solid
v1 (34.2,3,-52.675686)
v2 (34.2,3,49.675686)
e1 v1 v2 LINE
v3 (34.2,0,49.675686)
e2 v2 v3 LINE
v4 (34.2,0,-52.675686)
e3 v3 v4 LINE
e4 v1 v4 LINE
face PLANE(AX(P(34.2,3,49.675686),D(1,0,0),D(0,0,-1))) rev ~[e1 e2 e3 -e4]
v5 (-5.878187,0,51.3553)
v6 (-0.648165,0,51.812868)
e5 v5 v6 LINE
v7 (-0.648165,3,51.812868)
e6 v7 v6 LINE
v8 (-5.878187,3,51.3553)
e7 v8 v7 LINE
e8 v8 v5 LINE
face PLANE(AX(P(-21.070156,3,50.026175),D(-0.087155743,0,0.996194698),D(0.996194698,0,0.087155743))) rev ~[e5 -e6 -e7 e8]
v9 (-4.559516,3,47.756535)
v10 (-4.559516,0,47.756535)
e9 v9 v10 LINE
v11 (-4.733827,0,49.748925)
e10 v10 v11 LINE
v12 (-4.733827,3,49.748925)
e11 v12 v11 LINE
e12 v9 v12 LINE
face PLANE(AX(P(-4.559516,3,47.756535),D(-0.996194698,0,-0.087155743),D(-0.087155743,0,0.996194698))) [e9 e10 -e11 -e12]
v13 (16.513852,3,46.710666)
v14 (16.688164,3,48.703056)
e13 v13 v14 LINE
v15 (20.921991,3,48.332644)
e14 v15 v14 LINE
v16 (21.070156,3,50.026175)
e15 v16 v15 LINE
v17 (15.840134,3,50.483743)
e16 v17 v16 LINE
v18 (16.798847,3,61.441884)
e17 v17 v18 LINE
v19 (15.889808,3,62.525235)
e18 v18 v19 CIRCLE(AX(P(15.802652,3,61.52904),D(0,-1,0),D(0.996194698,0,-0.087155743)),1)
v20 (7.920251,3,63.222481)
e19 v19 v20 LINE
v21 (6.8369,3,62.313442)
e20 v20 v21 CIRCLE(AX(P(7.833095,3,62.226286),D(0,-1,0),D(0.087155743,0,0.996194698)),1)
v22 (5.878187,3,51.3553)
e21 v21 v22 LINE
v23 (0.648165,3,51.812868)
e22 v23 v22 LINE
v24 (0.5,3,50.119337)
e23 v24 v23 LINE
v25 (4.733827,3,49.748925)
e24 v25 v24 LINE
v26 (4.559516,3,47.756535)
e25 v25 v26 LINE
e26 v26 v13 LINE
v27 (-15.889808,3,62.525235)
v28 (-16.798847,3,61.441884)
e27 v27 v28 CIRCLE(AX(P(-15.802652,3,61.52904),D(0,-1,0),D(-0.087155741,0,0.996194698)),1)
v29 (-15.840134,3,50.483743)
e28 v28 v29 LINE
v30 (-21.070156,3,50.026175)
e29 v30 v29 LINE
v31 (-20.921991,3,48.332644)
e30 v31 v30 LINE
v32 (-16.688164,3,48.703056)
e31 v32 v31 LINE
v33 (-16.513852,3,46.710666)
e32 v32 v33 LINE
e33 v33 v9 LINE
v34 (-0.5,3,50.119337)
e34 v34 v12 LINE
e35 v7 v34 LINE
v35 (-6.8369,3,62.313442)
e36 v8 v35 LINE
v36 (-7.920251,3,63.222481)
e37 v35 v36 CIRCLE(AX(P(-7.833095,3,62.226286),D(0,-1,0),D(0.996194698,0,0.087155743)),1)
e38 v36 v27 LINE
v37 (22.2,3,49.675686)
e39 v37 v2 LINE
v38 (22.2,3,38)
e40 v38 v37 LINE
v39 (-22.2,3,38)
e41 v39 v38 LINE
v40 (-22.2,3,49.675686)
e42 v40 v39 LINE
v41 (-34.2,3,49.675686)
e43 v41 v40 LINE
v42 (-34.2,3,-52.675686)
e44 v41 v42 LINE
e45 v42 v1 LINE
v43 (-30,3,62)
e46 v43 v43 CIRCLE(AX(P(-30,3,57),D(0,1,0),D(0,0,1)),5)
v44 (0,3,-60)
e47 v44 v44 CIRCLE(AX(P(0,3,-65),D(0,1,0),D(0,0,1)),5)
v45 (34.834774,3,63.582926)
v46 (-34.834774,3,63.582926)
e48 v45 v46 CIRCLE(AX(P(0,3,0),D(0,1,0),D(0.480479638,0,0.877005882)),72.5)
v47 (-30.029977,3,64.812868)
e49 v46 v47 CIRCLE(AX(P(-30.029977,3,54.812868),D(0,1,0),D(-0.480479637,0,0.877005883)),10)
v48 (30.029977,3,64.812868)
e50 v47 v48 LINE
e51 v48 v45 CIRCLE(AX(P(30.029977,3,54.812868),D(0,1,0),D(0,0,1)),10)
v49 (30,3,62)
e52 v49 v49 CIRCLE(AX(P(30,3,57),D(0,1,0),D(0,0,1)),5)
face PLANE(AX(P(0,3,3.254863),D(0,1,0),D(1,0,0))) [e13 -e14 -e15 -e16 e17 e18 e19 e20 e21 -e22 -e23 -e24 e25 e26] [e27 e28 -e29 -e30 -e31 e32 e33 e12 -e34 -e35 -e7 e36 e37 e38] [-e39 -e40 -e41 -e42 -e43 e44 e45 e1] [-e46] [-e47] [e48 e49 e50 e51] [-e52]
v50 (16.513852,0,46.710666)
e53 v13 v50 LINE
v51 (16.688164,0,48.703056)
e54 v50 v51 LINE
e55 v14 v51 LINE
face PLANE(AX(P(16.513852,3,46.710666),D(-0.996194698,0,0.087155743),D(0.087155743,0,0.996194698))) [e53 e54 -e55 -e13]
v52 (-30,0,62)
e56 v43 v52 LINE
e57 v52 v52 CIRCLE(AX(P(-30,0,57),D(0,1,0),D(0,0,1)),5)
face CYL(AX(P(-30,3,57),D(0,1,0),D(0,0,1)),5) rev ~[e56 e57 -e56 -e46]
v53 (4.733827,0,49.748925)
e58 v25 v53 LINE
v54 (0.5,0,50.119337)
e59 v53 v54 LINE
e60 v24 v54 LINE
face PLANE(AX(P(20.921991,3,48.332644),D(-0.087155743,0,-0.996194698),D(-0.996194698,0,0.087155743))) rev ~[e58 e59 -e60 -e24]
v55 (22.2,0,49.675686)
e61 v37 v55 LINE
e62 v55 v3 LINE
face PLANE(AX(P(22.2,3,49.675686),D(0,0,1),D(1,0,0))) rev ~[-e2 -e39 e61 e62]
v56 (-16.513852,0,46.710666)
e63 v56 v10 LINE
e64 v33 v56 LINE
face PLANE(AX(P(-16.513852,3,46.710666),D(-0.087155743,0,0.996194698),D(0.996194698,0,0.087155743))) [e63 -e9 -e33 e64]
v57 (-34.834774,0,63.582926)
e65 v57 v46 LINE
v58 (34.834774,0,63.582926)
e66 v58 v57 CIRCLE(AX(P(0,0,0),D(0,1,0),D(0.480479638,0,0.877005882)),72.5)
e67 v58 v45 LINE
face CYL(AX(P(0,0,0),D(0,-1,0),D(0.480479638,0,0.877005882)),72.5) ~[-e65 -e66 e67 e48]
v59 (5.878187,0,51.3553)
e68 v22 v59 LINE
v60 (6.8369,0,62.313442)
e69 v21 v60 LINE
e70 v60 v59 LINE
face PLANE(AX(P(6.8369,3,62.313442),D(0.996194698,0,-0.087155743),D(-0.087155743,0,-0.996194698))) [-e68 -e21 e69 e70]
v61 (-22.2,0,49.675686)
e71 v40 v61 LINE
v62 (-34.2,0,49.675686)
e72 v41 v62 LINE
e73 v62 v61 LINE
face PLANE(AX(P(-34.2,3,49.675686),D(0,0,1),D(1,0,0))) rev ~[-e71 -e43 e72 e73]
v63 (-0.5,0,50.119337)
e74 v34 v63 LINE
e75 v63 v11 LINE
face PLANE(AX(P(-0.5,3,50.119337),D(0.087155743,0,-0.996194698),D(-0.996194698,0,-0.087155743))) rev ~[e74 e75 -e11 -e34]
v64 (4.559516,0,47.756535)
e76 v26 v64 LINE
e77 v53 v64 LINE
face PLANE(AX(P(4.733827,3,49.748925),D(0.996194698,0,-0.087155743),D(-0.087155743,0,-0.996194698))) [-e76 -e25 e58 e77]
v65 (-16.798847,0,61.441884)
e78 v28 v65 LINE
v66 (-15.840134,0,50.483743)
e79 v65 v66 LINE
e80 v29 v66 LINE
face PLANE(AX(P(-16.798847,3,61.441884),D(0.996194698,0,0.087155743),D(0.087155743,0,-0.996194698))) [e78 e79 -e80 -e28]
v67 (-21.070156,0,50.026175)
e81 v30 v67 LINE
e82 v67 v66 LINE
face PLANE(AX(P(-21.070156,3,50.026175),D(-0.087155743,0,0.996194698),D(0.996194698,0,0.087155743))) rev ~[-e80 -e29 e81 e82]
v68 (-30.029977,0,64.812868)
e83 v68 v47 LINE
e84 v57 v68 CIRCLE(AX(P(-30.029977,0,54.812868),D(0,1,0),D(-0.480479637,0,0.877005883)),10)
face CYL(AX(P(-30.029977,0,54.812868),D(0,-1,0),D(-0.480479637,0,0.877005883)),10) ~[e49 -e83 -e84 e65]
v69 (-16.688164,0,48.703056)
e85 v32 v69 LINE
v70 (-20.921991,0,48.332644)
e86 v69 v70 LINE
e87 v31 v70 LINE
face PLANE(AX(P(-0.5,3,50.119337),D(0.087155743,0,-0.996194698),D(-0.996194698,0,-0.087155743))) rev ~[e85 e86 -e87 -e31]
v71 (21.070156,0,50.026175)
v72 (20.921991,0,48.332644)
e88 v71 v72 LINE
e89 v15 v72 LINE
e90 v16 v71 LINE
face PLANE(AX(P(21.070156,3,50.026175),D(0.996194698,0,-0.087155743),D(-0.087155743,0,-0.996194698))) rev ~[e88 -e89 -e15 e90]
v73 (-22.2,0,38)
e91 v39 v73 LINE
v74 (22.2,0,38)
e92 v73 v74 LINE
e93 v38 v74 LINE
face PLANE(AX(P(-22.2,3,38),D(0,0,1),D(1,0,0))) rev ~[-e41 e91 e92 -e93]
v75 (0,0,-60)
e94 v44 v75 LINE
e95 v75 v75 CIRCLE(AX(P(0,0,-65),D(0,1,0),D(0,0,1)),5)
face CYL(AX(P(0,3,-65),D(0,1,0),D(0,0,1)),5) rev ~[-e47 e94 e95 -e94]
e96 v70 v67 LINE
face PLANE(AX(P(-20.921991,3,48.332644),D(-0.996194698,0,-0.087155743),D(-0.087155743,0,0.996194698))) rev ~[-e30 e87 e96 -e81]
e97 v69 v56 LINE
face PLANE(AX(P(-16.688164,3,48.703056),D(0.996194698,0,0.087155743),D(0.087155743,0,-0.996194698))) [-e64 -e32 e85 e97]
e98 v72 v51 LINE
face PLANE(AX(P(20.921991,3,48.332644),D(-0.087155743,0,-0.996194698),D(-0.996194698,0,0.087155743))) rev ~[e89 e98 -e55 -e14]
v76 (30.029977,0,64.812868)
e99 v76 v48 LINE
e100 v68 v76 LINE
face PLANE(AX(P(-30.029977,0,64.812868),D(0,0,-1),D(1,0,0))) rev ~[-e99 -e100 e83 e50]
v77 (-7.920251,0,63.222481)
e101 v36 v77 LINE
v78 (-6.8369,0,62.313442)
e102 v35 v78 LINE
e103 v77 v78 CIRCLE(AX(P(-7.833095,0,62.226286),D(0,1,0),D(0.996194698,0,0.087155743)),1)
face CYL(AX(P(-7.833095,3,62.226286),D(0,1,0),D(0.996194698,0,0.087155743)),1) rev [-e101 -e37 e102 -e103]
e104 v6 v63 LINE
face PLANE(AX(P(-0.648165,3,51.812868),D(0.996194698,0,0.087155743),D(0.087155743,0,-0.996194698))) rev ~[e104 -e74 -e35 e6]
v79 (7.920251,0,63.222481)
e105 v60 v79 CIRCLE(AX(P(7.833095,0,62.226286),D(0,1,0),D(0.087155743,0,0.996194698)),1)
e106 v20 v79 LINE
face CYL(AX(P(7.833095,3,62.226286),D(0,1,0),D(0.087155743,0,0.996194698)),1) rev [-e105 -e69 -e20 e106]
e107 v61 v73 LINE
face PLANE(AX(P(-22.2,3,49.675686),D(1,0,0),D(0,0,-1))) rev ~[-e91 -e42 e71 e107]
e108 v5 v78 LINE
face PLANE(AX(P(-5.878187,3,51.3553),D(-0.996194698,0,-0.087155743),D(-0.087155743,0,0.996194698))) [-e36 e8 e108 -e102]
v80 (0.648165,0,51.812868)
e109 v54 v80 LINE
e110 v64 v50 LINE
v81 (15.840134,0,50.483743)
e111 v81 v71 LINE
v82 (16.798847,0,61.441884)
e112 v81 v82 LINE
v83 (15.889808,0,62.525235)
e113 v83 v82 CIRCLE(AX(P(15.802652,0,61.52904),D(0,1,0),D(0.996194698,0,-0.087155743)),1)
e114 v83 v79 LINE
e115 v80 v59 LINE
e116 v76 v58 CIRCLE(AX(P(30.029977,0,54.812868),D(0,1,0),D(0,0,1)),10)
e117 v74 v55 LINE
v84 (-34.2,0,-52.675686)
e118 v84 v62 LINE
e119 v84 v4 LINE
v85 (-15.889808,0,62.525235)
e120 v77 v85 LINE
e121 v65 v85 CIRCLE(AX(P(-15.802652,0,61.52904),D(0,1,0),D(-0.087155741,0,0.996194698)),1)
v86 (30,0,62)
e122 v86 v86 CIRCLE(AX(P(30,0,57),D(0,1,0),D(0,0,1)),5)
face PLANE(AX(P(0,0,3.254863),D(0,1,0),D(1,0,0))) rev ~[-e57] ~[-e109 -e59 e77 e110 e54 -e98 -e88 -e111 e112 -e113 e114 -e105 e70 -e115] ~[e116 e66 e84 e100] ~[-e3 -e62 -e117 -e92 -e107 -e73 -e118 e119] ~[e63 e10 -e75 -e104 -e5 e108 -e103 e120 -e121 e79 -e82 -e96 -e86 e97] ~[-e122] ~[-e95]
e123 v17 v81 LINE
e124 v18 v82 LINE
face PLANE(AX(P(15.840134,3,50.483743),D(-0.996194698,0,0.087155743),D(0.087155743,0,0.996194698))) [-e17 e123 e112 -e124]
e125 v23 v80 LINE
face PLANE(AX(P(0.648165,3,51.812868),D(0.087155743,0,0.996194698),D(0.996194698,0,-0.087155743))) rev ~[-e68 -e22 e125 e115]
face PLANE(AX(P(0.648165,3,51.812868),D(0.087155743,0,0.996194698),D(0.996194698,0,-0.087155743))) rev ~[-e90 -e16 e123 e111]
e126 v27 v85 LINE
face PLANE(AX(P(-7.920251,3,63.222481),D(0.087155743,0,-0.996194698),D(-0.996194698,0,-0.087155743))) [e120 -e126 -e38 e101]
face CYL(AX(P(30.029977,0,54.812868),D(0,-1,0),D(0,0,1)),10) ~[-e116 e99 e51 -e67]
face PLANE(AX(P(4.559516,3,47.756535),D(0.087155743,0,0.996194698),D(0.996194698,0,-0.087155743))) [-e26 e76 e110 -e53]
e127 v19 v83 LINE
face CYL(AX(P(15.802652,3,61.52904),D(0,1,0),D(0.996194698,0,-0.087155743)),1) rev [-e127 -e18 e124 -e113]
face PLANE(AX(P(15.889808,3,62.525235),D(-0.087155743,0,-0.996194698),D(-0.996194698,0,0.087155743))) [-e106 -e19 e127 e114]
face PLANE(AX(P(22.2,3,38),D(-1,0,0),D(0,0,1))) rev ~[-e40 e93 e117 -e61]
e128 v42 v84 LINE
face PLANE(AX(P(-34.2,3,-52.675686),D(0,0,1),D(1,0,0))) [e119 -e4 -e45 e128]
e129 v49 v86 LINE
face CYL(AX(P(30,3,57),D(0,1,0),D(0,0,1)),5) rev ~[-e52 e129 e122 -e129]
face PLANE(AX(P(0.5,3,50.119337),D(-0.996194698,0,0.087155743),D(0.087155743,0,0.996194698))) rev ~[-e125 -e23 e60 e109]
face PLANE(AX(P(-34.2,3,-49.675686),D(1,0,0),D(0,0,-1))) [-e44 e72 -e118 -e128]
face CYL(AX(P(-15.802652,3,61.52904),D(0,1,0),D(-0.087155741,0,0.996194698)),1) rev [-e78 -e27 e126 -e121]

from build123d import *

# Parameters (mm, degrees)
BOSS_EXTRUDE1_DEPTH = 3
CUT_EXTRUDE1_DEPTH  = 103.574363269
CUT_EXTRUDE3_DEPTH  = 103.574363269
CUT_EXTRUDE4_DEPTH  = 103.574363269
SKETCH6_W           = 68.4
SKETCH6_H           = 3
CUT_EXTRUDE5_DEPTH  = 103.574363269
SKETCH7_R           = 5
CUT_EXTRUDE6_DEPTH  = 103.574363269
SKETCH11_R          = 5
CUT_EXTRUDE10_DEPTH = 103.574363269


with BuildPart() as part:
    # Sketch1 → Boss-Extrude1 (new body)
    with BuildSketch(Plane(origin=(0, 0, 0), x_dir=(1, 0, 0), z_dir=(0, 1, 0))):
        with BuildLine():
            Line((-30.029977361, -64.812867647), (30.029977361, -64.812867647))
            ThreePointArc((30.029977361, -64.812867647), (32.509837414, -64.500503794), (34.834773739, -63.582926471))
            ThreePointArc((34.834773739, -63.582926471), (0, 72.5), (-34.834773739, -63.582926471))
            ThreePointArc((-34.834773739, -63.582926471), (-32.509837414, -64.500503794), (-30.029977361, -64.812867647))
        make_face()
    extrude(amount=BOSS_EXTRUDE1_DEPTH)

    # Sketch2 → Cut-Extrude1 (cut, through all)
    with BuildSketch(Plane(origin=(0, 3, 0), x_dir=(1, 0, 0), z_dir=(0, 1, 0))):
        Polygon((-22.2, -49.675685802), (-22.2, -38), (22.2, -38), (22.2, -49.675685802), (34.2, -49.675685802), (34.2, 49.675685802), (22.2, 49.675685802), (22.2, 44), (-22.2, 44), (-22.2, 49.675685802), (-34.2, 49.675685802), (-34.2, -49.675685802), align=None)
    extrude(amount=-CUT_EXTRUDE1_DEPTH, mode=Mode.SUBTRACT)

    # Sketch4 → Cut-Extrude3 (cut, through all)
    with BuildSketch(Plane(origin=(0, 3, 0), x_dir=(1, 0, 0), z_dir=(0, 1, 0))):
        Polygon((-21.070156074, -50.026174921), (-0.648164763, -51.812867647), (-0.5, -50.11933666), (-20.921991311, -48.332643934), align=None)
        Polygon((21.070156074, -50.026174921), (20.921991311, -48.332643934), (0.5, -50.11933666), (0.648164763, -51.812867647), align=None)
    extrude(amount=-CUT_EXTRUDE3_DEPTH, mode=Mode.SUBTRACT)

    # Sketch5 → Cut-Extrude4 (cut, through all)
    with BuildSketch(Plane(origin=(0, 3, 0), x_dir=(1, 0, 0), z_dir=(0, 1, 0))):
        with BuildLine():
            Line((5.878186928, -51.355299998), (15.840133909, -50.48374257))
            Line((15.840133909, -50.48374257), (16.798847079, -61.441884249))
            ThreePointArc((16.798847079, -61.441884249), (16.568696824, -62.171827602), (15.889808123, -62.52523469))
            Line((15.889808123, -62.52523469), (7.920250539, -63.222480632))
            ThreePointArc((7.920250539, -63.222480632), (7.190307186, -62.992330377), (6.836900098, -62.313441677))
            Line((6.836900098, -62.313441677), (5.878186928, -51.355299998))
        make_face()
        Polygon((16.688163844, -48.703055841), (4.733827467, -49.748924754), (4.559515981, -47.756535357), (16.513852358, -46.710666444), align=None)
        Polygon((-16.513852358, -46.710666444), (-4.559515981, -47.756535357), (-4.733827467, -49.748924754), (-16.688163844, -48.703055841), align=None)
        with BuildLine():
            Line((-7.920250539, -63.222480632), (-15.889808123, -62.52523469))
            ThreePointArc((-15.889808123, -62.52523469), (-16.568696824, -62.171827602), (-16.798847079, -61.441884249))
            Line((-16.798847079, -61.441884249), (-15.840133909, -50.48374257))
            Line((-15.840133909, -50.48374257), (-5.878186928, -51.355299998))
            Line((-5.878186928, -51.355299998), (-6.836900098, -62.313441677))
            ThreePointArc((-6.836900098, -62.313441677), (-7.190307186, -62.992330377), (-7.920250539, -63.222480632))
        make_face()
    extrude(amount=-CUT_EXTRUDE4_DEPTH, mode=Mode.SUBTRACT)

    # Sketch6 → Cut-Extrude5 (cut, through all)
    with BuildSketch(Plane(origin=(0, 3, 0), x_dir=(1, 0, 0), z_dir=(0, 1, 0))):
        with Locations((0, 51.175685802)):
            Rectangle(SKETCH6_W, SKETCH6_H)
    extrude(amount=-CUT_EXTRUDE5_DEPTH, mode=Mode.SUBTRACT)


with BuildPart() as cut_extrude5_kept_piece:
    # of the separate pieces the step leaves, the one the design keeps (cut_extrude5_pieces_kept)
    add(part.part.solids().sort_by_distance((-34.834773739, 0, 63.582926471))[0])

    # Sketch7 → Cut-Extrude6 (cut, through all)
    with BuildSketch(Plane(origin=(0, 3, 0), x_dir=(1, 0, 0), z_dir=(0, 1, 0))):
        with Locations(Location((-30, -57, 0), (0, 0, 270))):
            Circle(SKETCH7_R)
        with Locations(Location((30, -57, 0), (0, 0, 270))):
            Circle(SKETCH7_R)
    extrude(amount=-CUT_EXTRUDE6_DEPTH, mode=Mode.SUBTRACT)

    # Sketch11 → Cut-Extrude10 (cut, through all)
    with BuildSketch(Plane(origin=(0, 3, 0), x_dir=(1, 0, 0), z_dir=(0, 1, 0))):
        with Locations(Location((0, 65, 0), (0, 0, 270))):
            Circle(SKETCH11_R)
    extrude(amount=-CUT_EXTRUDE10_DEPTH, mode=Mode.SUBTRACT)


solid = cut_extrude5_kept_piece.part
